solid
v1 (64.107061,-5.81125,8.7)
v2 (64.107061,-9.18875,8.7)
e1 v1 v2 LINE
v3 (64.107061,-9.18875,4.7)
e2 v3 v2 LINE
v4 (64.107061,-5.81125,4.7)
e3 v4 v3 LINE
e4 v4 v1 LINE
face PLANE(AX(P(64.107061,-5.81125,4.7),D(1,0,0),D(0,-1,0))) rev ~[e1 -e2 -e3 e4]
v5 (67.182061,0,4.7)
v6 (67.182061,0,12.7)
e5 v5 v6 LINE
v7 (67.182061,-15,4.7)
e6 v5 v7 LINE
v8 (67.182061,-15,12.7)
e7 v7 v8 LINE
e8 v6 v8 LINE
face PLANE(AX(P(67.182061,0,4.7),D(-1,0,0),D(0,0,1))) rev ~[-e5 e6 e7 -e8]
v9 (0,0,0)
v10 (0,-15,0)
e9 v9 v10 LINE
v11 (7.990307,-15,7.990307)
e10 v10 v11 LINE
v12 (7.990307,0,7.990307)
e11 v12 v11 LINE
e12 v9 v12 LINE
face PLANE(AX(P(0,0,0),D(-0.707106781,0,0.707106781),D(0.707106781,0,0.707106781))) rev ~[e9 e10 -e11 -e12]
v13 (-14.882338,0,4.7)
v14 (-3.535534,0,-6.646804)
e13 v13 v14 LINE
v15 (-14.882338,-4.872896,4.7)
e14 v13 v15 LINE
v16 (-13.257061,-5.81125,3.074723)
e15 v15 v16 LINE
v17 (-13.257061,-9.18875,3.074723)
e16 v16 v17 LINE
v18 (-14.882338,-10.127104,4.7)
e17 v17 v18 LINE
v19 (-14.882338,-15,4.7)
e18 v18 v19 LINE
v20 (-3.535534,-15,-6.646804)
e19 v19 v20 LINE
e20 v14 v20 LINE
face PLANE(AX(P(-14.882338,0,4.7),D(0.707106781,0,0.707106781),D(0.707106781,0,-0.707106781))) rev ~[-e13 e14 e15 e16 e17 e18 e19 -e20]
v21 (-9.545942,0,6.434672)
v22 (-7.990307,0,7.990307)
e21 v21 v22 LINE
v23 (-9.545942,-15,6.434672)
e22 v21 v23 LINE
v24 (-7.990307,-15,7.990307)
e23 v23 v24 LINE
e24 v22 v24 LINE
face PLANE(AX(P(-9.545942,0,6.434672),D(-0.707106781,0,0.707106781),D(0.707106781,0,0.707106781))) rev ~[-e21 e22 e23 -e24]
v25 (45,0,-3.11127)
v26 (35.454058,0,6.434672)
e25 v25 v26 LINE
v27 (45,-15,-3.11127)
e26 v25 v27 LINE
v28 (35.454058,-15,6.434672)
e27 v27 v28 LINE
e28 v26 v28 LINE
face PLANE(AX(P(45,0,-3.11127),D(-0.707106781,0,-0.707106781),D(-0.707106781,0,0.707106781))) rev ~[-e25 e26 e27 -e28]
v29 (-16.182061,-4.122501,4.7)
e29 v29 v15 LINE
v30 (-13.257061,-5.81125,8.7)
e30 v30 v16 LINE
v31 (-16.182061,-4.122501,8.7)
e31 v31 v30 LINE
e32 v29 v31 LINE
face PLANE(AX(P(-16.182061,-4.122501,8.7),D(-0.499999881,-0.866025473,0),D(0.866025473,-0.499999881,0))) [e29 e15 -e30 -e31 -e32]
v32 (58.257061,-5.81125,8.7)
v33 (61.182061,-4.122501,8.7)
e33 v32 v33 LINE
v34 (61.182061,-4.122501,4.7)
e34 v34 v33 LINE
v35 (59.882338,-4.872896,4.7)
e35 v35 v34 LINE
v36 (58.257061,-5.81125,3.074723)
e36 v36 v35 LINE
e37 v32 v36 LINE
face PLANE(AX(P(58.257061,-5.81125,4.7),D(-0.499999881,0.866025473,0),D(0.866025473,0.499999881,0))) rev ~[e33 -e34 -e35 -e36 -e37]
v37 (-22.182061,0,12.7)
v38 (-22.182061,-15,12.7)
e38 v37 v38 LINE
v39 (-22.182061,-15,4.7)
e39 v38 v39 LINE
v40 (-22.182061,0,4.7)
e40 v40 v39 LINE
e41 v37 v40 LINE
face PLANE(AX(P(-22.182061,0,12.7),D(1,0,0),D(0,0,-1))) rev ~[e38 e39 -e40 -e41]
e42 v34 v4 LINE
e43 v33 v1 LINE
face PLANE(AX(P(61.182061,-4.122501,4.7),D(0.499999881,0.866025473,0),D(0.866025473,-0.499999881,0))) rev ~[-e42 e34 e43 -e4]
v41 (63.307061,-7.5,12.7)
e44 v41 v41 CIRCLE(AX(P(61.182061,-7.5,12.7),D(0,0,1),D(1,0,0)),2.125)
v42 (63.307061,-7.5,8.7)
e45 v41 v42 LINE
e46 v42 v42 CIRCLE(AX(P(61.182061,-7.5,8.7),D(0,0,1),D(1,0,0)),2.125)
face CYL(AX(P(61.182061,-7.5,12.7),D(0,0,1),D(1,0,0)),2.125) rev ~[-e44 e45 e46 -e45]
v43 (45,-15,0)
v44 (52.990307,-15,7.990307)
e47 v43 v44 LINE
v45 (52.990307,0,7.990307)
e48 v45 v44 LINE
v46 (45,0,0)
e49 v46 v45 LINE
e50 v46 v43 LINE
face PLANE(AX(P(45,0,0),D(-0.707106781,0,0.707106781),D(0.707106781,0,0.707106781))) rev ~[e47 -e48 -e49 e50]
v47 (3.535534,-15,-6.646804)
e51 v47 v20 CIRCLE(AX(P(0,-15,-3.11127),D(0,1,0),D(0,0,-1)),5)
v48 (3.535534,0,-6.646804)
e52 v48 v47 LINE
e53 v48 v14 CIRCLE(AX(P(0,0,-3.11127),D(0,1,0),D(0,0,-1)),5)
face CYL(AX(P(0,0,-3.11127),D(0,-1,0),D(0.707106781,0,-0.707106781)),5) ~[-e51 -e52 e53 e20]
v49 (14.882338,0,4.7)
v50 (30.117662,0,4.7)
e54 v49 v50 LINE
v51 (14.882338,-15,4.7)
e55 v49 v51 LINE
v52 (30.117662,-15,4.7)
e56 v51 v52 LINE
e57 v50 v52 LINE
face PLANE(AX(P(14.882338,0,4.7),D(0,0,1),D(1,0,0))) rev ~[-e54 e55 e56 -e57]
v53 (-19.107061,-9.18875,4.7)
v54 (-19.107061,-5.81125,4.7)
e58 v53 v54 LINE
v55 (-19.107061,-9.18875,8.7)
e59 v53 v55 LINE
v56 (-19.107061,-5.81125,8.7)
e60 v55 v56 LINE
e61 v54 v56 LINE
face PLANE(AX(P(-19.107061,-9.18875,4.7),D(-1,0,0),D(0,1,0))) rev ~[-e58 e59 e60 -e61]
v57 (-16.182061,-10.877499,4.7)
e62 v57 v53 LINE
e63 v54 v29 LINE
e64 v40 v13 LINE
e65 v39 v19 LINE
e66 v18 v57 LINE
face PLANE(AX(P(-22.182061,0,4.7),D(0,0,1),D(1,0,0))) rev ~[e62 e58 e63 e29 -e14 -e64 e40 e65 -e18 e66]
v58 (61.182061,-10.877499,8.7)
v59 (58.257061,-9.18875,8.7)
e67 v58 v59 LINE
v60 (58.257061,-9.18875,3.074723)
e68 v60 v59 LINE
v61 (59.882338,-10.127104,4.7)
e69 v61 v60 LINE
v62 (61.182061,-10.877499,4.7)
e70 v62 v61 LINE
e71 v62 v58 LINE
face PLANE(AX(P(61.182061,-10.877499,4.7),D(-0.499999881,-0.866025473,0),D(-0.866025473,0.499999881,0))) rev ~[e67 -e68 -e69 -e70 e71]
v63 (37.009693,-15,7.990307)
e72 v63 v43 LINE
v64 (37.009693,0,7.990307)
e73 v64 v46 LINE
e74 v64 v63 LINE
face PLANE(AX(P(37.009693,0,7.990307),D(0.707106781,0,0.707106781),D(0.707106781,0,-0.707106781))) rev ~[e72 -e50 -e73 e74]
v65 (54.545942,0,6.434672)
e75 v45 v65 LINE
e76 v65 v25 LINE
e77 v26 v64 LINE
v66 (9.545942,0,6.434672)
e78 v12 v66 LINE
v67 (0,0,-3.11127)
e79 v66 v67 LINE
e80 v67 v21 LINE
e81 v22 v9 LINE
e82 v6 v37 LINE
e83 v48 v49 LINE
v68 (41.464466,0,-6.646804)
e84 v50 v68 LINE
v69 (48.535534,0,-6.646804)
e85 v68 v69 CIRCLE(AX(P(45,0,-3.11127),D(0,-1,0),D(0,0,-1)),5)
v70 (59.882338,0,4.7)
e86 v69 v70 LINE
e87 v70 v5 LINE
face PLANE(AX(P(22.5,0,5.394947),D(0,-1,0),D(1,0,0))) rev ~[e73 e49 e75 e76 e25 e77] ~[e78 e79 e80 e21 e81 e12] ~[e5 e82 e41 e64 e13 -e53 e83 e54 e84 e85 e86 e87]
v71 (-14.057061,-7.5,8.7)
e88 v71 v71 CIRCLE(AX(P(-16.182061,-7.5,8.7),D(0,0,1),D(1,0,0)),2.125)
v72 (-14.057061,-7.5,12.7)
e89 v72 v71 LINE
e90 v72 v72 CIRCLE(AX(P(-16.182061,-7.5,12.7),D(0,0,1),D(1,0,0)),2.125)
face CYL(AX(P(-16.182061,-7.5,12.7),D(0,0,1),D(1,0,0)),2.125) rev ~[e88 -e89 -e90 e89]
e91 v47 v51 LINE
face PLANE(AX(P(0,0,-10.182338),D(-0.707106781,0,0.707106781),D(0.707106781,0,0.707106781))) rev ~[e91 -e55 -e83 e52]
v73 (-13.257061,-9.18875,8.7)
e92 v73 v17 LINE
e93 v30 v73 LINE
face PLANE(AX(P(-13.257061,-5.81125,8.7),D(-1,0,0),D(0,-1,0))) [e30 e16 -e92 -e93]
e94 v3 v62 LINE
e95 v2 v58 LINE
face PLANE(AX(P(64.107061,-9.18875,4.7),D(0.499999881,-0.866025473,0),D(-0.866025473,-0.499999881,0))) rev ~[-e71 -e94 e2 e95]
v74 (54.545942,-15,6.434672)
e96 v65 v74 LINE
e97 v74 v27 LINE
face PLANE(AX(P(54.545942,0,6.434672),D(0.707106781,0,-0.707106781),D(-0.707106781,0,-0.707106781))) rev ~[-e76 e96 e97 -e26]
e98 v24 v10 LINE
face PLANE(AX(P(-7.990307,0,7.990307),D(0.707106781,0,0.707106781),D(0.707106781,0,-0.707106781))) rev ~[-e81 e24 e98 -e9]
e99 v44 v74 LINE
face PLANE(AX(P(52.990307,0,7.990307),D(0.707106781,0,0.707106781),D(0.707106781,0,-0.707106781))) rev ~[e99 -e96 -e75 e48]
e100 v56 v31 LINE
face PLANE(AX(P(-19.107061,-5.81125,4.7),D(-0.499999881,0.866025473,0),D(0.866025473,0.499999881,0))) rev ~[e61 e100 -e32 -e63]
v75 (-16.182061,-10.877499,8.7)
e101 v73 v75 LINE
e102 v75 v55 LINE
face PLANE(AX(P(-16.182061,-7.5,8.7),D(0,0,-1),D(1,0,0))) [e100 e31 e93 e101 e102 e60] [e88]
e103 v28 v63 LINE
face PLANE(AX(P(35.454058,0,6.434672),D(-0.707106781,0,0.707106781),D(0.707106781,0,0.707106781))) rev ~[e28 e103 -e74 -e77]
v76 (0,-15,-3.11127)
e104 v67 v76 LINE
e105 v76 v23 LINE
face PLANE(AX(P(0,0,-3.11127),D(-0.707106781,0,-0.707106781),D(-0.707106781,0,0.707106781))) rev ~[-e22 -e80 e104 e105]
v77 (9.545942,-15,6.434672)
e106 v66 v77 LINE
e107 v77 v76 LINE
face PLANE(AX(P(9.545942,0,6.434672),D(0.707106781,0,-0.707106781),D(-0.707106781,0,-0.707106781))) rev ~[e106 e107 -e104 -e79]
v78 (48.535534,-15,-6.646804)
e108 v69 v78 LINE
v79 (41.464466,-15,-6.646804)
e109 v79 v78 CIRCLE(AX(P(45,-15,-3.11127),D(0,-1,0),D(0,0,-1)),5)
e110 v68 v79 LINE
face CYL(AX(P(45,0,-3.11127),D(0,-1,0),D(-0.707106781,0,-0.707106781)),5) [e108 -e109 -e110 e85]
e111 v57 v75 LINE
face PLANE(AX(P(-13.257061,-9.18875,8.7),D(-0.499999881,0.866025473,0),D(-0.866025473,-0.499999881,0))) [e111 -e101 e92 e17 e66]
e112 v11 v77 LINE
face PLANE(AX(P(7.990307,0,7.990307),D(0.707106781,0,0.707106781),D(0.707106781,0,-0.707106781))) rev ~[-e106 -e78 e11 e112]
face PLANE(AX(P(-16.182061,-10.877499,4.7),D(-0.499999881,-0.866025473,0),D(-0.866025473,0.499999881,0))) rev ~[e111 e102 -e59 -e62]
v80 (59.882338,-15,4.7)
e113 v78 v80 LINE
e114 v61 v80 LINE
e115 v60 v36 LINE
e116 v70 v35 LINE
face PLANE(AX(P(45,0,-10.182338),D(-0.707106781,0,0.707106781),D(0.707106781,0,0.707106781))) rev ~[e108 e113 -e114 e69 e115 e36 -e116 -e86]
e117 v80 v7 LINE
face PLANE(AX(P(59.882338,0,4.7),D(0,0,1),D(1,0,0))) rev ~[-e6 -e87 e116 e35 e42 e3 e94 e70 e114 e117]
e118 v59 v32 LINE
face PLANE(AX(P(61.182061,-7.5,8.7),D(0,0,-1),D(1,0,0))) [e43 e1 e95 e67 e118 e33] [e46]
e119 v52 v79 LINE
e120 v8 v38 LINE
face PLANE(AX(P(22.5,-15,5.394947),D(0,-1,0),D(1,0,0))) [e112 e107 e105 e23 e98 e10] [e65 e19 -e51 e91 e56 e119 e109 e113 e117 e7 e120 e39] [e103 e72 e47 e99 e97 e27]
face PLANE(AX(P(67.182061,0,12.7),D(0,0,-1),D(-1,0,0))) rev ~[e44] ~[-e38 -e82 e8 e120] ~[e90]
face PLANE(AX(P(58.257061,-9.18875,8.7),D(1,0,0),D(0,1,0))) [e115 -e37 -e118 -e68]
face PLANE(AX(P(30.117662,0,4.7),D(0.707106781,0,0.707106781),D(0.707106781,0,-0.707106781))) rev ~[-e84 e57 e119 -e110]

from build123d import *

# Parameters (mm, degrees)
F1_DEPTH = 15
F2_R     = 2.125
F3_DEPTH = 25
F5_DEPTH = 4
F6_R     = 5
F8_DEPTH = 25


with BuildPart() as f1:
    # F0 (on Front) → F1 (new body)
    with BuildSketch(Plane.XZ):
        Polygon((22.182061, 12.7), (15.317939, 12.7), (14.682061, 12.7), (-14.682061, 12.7), (-22.182061, 12.7), (-22.182061, 4.7), (-14.882338, 4.7), (-7.5, -2.682338), (0, -10.182338), (7.5, -2.682338), (14.882338, 4.7), (30.117662, 4.7), (37.5, -2.682338), (45, -10.182338), (52.5, -2.682338), (59.882338, 4.7), (67.182061, 4.7), (67.182061, 12.7), (59.682061, 12.7), (30.317939, 12.7), (29.682061, 12.7), (22.817939, 12.7), align=None)
        Polygon((-9.545942, 6.434672), (-7.990307, 7.990307), (0, 0), (7.990307, 7.990307), (9.545942, 6.434672), (0, -3.11127), align=None, mode=Mode.SUBTRACT)
        Polygon((35.454058, 6.434672), (37.009693, 7.990307), (45, 0), (52.990307, 7.990307), (54.545942, 6.434672), (45, -3.11127), align=None, mode=Mode.SUBTRACT)
    extrude(amount=F1_DEPTH)

    # F2 (on face) → F3 (cut)
    with BuildSketch(Plane.XY.offset(12.7)):
        with Locations((-16.182061, -7.5)):
            Circle(F2_R)
        with Locations((61.182061, -7.5)):
            Circle(F2_R)
    extrude(amount=-F3_DEPTH, mode=Mode.SUBTRACT)

    # F4 (on face) → F5 (cut)
    with BuildSketch(Plane(origin=(0, 0, 4.7), x_dir=(1, 0, 0), z_dir=(0, 0, -1))):
        Polygon((-19.107061, 9.18875), (-19.107061, 5.81125), (-16.182061, 4.122501), (-13.257061, 5.81125), (-13.257061, 9.18875), (-16.182061, 10.877499), align=None)
        Polygon((64.107061, 5.81125), (64.107061, 9.18875), (61.182061, 10.877499), (58.257061, 9.18875), (58.257061, 5.81125), (61.182061, 4.122501), align=None)
    extrude(amount=-F5_DEPTH, mode=Mode.SUBTRACT)

    # F6
    f6_edges = [f1.edges().sort_by_distance(p)[0] for p in [
        (0, -7.5, -10.182338),
        (45, -7.5, -10.182338),
    ]]
    fillet(f6_edges, radius=F6_R)

    # F7 (on face) → F8 (cut)
    with BuildSketch(Plane(origin=(0, 0, 8.7), x_dir=(1, 0, 0), z_dir=(0, 0, -1))):
        Polygon((-19.107061, 9.18875), (-19.107061, 5.81125), (-16.182061, 4.122501), (-13.257061, 5.81125), (-13.257061, 9.18875), (-16.182061, 10.877499), align=None)
        Polygon((64.107061, 5.81125), (64.107061, 9.18875), (61.182061, 10.877499), (58.257061, 9.18875), (58.257061, 5.81125), (61.182061, 4.122501), align=None)
    extrude(amount=F8_DEPTH, mode=Mode.SUBTRACT)


solid = f1.part
